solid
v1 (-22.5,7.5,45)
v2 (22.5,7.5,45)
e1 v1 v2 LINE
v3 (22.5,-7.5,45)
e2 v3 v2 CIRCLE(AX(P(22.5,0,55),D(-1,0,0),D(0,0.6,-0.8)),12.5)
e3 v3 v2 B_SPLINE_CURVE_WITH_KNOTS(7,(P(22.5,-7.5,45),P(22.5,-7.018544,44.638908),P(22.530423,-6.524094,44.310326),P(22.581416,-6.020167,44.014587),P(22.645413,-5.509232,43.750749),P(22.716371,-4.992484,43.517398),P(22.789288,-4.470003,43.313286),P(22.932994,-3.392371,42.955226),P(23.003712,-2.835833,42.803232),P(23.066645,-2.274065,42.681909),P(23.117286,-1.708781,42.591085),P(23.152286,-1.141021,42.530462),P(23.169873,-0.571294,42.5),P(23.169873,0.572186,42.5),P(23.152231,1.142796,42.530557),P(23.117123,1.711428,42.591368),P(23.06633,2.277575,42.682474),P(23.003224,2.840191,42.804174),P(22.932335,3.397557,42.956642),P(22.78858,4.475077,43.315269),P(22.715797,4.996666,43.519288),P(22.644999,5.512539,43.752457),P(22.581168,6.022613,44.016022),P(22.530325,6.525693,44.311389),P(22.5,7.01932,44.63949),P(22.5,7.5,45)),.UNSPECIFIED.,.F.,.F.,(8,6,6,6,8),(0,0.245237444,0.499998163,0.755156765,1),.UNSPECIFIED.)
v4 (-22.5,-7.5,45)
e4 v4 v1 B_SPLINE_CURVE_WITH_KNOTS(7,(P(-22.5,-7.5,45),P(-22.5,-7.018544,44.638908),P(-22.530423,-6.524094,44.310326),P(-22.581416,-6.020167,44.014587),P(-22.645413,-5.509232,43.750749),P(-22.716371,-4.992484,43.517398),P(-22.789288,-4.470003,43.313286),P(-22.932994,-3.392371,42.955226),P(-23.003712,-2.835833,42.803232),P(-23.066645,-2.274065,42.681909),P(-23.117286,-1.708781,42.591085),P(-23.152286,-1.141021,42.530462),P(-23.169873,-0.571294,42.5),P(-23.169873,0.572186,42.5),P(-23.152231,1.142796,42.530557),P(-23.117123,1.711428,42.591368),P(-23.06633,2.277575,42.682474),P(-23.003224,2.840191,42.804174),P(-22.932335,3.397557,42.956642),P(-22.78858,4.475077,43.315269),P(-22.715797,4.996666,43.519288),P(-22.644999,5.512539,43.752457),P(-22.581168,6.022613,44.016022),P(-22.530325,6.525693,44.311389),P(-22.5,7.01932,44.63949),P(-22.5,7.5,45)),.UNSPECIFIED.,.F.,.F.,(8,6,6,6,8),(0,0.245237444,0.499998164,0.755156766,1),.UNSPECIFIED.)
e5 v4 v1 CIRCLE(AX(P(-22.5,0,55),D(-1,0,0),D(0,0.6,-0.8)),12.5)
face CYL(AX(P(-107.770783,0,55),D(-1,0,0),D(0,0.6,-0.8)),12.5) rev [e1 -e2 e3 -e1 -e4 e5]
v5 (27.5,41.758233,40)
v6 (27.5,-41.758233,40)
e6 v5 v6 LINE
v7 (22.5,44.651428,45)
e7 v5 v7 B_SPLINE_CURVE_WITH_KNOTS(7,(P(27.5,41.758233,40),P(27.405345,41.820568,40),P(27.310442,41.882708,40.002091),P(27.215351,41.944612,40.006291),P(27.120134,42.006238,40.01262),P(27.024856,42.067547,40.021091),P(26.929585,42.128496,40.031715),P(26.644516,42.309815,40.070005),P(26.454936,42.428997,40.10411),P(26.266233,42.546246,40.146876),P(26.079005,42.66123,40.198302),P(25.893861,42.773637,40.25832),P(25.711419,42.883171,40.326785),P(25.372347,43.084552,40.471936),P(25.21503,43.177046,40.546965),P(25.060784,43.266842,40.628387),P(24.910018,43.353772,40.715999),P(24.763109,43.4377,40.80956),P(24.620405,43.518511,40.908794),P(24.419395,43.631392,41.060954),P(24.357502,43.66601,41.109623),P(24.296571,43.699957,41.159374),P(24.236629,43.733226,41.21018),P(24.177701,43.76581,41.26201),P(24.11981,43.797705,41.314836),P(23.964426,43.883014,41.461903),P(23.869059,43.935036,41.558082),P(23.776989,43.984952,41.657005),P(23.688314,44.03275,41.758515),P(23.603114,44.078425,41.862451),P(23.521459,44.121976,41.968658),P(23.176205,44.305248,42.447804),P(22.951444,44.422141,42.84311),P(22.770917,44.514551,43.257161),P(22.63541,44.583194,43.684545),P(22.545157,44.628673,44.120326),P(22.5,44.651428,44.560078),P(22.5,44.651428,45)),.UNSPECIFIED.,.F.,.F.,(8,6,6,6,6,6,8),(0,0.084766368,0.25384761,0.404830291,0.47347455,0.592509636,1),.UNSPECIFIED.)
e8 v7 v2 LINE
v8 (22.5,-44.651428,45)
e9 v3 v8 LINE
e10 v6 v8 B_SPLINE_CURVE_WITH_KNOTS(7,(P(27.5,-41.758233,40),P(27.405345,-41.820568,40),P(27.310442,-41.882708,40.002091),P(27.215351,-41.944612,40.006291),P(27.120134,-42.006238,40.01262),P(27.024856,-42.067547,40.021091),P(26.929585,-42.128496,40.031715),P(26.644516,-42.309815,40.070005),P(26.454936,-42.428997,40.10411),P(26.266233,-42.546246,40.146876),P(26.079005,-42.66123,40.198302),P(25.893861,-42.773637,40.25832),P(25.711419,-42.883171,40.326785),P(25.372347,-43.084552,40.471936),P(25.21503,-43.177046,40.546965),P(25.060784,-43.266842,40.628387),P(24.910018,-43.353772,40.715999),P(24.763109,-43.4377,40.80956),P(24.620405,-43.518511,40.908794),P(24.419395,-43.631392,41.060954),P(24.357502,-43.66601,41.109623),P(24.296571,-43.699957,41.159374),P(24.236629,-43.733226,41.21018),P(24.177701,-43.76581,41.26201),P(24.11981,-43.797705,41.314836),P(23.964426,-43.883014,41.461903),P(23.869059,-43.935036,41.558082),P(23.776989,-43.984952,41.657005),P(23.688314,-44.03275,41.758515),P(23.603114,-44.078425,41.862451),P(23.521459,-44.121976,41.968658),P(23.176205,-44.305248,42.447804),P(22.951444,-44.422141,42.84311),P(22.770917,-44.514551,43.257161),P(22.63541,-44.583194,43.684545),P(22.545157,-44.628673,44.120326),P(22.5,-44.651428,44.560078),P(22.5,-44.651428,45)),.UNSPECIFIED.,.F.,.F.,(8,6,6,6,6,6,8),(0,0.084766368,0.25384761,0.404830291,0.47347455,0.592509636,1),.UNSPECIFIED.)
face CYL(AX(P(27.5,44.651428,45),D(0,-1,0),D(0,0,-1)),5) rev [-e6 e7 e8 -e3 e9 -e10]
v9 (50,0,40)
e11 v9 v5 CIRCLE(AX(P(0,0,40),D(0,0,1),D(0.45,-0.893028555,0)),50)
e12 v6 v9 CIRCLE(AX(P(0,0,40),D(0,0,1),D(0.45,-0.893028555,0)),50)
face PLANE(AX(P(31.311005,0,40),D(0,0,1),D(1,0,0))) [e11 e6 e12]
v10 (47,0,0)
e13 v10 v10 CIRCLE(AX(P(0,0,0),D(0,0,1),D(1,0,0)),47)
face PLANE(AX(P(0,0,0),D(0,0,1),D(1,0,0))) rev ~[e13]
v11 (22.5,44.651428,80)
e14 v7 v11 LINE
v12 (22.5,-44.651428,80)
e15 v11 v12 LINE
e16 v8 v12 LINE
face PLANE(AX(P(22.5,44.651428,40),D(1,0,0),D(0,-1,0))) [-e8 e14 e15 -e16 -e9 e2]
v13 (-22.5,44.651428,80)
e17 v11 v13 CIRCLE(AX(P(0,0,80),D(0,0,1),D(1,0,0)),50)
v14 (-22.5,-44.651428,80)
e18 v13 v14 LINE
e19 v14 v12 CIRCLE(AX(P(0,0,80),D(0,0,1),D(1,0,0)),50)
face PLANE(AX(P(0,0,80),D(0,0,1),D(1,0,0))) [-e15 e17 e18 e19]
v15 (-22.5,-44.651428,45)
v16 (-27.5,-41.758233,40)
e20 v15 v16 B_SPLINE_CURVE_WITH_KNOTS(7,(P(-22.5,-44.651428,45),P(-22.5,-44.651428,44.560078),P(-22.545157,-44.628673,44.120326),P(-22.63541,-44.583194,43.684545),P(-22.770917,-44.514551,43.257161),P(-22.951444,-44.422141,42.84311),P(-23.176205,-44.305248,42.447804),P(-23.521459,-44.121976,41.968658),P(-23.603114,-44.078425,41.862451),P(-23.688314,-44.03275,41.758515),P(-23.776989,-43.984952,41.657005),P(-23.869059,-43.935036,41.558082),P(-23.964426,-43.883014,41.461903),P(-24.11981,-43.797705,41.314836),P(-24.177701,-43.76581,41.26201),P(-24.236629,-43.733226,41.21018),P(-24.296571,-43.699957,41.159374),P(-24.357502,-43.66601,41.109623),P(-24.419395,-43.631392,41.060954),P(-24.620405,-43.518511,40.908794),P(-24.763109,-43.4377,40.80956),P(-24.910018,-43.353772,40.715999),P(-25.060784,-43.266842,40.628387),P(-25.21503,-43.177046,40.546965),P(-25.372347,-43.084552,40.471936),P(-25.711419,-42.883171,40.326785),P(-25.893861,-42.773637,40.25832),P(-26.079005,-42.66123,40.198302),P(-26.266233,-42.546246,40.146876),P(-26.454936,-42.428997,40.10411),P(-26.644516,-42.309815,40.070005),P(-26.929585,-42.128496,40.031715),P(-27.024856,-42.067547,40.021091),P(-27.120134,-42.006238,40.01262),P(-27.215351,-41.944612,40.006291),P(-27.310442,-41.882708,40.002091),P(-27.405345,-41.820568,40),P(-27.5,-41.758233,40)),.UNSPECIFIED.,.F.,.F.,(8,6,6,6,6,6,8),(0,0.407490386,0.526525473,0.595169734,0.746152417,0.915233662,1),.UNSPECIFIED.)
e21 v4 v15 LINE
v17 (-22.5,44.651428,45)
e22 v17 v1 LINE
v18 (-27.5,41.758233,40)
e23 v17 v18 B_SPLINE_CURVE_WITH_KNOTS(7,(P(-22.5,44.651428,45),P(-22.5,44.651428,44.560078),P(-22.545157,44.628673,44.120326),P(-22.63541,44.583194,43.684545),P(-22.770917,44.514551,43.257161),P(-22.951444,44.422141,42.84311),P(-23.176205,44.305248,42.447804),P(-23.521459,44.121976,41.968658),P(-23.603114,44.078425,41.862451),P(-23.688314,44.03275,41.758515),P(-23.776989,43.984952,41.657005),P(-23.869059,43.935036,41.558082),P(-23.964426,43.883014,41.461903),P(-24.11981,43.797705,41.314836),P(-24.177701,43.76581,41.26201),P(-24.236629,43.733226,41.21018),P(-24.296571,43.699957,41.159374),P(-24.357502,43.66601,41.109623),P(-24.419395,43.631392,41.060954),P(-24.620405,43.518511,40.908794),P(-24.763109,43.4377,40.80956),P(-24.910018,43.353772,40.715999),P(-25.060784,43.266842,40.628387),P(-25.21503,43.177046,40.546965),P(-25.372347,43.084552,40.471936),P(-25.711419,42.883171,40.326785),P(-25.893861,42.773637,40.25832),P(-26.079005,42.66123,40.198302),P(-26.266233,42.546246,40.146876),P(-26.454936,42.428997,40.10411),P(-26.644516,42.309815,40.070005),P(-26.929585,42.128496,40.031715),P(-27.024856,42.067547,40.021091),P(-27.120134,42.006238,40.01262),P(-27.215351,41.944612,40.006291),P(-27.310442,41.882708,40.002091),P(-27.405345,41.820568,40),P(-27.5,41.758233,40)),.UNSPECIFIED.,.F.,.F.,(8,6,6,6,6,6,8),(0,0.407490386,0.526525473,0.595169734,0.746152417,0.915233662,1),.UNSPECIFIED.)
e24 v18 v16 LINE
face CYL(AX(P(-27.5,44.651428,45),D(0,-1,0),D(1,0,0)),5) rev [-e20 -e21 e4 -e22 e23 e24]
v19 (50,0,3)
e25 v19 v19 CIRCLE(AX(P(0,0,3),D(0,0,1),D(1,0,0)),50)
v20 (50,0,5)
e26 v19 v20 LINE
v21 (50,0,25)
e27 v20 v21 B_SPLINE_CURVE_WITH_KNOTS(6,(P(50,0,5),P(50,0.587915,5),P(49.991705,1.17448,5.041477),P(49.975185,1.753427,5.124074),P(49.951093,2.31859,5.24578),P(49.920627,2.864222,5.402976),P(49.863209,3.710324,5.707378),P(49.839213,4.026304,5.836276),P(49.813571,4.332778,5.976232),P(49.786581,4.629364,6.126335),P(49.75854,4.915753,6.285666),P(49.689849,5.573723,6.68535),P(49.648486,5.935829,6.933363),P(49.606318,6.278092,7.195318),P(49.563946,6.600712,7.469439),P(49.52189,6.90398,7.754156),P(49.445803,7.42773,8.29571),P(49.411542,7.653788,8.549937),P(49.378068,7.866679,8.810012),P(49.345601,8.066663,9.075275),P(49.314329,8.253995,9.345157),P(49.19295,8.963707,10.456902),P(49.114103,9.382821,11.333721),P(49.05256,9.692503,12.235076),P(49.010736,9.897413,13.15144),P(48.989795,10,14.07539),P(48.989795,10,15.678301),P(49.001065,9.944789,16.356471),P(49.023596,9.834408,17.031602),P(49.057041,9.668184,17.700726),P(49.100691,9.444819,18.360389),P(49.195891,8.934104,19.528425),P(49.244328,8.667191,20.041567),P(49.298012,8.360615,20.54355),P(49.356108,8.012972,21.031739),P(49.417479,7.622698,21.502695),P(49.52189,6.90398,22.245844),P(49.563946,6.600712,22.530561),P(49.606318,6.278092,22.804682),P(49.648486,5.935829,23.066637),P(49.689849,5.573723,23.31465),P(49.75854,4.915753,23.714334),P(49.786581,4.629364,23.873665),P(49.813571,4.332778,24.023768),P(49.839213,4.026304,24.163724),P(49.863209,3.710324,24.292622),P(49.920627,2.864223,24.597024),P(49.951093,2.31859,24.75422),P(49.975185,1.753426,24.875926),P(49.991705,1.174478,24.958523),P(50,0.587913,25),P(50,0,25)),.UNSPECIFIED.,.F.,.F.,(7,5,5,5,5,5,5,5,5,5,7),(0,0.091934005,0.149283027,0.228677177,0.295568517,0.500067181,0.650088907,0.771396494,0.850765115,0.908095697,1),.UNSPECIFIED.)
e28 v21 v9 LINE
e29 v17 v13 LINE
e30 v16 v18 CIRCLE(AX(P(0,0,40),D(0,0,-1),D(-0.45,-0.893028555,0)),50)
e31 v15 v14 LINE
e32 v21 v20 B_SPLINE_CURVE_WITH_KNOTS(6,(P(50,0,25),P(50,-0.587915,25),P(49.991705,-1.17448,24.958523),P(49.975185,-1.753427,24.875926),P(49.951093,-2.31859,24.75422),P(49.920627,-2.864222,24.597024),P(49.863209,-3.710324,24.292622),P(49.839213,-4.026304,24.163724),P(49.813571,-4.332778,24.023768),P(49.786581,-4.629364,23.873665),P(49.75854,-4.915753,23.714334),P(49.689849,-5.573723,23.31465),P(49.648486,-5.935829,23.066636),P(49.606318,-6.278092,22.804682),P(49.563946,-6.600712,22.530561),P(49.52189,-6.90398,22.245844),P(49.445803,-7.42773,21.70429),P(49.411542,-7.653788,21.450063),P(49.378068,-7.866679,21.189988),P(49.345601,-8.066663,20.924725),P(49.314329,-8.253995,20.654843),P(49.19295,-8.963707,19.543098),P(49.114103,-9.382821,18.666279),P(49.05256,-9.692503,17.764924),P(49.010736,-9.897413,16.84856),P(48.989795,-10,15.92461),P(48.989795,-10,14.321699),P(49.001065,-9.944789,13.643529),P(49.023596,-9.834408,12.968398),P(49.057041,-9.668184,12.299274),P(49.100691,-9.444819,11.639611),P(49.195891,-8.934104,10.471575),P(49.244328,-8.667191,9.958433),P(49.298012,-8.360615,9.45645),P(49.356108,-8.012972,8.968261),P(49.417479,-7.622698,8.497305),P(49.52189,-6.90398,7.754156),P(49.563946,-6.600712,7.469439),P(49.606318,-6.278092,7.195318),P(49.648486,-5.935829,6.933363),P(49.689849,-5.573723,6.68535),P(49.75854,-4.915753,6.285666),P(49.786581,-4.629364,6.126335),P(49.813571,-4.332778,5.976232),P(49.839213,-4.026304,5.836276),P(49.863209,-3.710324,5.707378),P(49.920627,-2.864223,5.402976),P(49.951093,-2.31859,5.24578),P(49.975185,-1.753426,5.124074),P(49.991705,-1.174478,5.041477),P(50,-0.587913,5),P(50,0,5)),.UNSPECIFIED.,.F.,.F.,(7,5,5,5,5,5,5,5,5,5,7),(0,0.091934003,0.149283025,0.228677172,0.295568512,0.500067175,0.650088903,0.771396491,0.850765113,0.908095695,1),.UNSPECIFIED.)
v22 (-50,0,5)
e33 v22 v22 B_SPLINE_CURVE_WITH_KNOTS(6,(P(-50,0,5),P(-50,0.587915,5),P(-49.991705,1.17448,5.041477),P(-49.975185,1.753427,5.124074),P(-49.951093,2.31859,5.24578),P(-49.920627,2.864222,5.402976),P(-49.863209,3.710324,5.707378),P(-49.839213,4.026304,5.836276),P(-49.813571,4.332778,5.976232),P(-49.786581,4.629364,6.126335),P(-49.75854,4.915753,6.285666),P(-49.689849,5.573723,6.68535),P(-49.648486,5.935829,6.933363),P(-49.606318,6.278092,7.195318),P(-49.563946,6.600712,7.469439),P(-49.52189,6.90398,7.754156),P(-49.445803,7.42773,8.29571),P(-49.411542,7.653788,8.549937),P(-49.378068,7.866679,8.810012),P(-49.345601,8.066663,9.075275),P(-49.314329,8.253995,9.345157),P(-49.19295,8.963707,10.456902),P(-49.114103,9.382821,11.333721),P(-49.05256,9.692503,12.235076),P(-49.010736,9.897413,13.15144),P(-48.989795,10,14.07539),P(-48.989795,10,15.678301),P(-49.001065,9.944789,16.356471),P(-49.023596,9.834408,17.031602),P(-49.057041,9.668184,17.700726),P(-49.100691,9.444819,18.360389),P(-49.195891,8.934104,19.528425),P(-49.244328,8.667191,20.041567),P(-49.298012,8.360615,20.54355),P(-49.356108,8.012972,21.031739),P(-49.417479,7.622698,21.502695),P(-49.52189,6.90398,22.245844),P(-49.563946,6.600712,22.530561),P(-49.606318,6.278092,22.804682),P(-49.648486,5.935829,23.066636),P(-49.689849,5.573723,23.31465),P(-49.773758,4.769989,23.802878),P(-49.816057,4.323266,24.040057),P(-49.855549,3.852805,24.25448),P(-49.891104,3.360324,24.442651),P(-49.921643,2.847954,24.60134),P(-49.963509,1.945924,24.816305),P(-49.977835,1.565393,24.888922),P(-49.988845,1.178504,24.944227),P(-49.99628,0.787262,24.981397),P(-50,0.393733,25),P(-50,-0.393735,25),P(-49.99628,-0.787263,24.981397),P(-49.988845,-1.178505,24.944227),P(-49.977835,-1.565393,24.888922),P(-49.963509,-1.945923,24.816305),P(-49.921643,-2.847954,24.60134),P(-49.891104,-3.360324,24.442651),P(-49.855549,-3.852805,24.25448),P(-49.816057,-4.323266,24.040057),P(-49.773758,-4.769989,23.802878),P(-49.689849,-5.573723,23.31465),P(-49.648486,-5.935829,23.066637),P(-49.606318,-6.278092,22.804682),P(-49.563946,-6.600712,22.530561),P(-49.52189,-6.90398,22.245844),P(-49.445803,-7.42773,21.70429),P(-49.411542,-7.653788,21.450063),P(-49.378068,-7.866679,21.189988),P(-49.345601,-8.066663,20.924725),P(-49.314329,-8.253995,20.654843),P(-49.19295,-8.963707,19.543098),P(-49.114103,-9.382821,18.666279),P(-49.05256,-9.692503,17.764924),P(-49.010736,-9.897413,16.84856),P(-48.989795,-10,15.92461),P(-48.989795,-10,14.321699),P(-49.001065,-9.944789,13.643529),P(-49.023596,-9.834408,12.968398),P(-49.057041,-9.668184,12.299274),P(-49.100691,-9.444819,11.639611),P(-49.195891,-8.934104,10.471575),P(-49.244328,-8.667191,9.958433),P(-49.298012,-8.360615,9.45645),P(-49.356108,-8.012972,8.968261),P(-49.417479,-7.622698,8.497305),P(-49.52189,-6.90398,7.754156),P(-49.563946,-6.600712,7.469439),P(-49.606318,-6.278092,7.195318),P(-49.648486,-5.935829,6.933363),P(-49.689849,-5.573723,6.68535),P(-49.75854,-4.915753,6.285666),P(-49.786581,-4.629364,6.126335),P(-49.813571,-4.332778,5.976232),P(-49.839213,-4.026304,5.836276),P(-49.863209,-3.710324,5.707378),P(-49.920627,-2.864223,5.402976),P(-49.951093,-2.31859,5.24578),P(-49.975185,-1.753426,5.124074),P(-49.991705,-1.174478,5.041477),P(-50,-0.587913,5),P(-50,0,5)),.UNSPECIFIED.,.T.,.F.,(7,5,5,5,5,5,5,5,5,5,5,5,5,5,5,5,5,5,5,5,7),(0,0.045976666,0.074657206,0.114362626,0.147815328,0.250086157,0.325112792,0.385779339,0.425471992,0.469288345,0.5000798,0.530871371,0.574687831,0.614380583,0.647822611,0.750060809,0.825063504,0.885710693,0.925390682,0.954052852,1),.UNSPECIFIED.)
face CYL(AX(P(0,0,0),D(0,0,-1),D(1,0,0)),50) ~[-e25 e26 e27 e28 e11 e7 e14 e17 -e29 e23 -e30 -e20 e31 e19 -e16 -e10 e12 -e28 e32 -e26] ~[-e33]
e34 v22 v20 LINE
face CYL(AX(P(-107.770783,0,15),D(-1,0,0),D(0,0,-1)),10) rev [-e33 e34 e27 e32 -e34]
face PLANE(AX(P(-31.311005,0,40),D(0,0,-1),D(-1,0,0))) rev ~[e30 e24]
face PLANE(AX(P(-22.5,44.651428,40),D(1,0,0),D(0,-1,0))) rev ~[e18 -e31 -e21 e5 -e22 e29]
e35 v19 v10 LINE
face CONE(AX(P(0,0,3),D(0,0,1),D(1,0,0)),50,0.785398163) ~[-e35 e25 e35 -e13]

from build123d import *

# Parameters (mm, degrees)
SKETCH_1_R               = 50
EXTRUDE_1_DEPTH          = 80
CUT_EXTRUDE_START        = -40
CUT_EXTRUDE_1_DEPTH      = 40
FILLET_1_R               = 5
CUT_EXTRUDE_2_DEPTH      = 107.770782689
CUT_EXTRUDE_2_DEPTH_BACK = 107.770782689
SKETCH_3_R               = 12.5
CHAMFER_1_SIZE           = 3
CUT_EXTRUDE_3_DEPTH      = 107.770782689
CUT_EXTRUDE_3_DEPTH_BACK = 107.770782689
SKETCH_4_R               = 10


with BuildPart() as part:
    # Эскиз1 → Бобышка-Вытянуть1 (new body)
    with BuildSketch(Plane.XY):
        Circle(SKETCH_1_R)
    extrude(amount=EXTRUDE_1_DEPTH)

    # Эскиз2 → Вырез-Вытянуть1 (cut)
    with BuildSketch(Plane.XY.offset(80).offset(CUT_EXTRUDE_START)):
        with BuildLine():
            Line((-22.5, 44.651427749), (-22.5, -44.651427749))
            ThreePointArc((-22.5, -44.651427749), (-50, 0), (-22.5, 44.651427749))
        make_face()
        with BuildLine():
            Line((22.5, 44.651427749), (22.5, -44.651427749))
            ThreePointArc((22.5, -44.651427749), (50, 0), (22.5, 44.651427749))
        make_face()
    extrude(amount=CUT_EXTRUDE_1_DEPTH, mode=Mode.SUBTRACT)

    # Скругление1
    fillet_1_edges = [part.edges().sort_by_distance(p)[0] for p in [
        (22.5, 0, 40),
        (-22.5, 0, 40),
    ]]
    fillet(fillet_1_edges, radius=FILLET_1_R)

    # Эскиз3 → Вырез-Вытянуть2 (cut, two sides: drawn at the far end of the back side and taken through both)
    with BuildSketch(Plane(origin=(0, 0, 0), x_dir=(0, 0, -1), z_dir=(1, 0, 0)).offset(-CUT_EXTRUDE_2_DEPTH_BACK)):
        with Locations(Location((-55, 0, 0), (0, 0, 36.869897646))):
            Circle(SKETCH_3_R)
    extrude(amount=CUT_EXTRUDE_2_DEPTH + CUT_EXTRUDE_2_DEPTH_BACK, mode=Mode.SUBTRACT)

    # Фаска1
    chamfer_1_edges = [part.edges().sort_by_distance(p)[0] for p in [
        (-50, 0, 0),
    ]]
    chamfer(chamfer_1_edges, length=CHAMFER_1_SIZE)

    # Эскиз4 → Вырез-Вытянуть3 (cut, two sides: drawn at the far end of the back side and taken through both)
    with BuildSketch(Plane(origin=(0, 0, 0), x_dir=(0, 0, -1), z_dir=(1, 0, 0)).offset(-CUT_EXTRUDE_3_DEPTH_BACK)):
        with Locations((-15, 0)):
            Circle(SKETCH_4_R)
    extrude(amount=CUT_EXTRUDE_3_DEPTH + CUT_EXTRUDE_3_DEPTH_BACK, mode=Mode.SUBTRACT)


solid = part.part
